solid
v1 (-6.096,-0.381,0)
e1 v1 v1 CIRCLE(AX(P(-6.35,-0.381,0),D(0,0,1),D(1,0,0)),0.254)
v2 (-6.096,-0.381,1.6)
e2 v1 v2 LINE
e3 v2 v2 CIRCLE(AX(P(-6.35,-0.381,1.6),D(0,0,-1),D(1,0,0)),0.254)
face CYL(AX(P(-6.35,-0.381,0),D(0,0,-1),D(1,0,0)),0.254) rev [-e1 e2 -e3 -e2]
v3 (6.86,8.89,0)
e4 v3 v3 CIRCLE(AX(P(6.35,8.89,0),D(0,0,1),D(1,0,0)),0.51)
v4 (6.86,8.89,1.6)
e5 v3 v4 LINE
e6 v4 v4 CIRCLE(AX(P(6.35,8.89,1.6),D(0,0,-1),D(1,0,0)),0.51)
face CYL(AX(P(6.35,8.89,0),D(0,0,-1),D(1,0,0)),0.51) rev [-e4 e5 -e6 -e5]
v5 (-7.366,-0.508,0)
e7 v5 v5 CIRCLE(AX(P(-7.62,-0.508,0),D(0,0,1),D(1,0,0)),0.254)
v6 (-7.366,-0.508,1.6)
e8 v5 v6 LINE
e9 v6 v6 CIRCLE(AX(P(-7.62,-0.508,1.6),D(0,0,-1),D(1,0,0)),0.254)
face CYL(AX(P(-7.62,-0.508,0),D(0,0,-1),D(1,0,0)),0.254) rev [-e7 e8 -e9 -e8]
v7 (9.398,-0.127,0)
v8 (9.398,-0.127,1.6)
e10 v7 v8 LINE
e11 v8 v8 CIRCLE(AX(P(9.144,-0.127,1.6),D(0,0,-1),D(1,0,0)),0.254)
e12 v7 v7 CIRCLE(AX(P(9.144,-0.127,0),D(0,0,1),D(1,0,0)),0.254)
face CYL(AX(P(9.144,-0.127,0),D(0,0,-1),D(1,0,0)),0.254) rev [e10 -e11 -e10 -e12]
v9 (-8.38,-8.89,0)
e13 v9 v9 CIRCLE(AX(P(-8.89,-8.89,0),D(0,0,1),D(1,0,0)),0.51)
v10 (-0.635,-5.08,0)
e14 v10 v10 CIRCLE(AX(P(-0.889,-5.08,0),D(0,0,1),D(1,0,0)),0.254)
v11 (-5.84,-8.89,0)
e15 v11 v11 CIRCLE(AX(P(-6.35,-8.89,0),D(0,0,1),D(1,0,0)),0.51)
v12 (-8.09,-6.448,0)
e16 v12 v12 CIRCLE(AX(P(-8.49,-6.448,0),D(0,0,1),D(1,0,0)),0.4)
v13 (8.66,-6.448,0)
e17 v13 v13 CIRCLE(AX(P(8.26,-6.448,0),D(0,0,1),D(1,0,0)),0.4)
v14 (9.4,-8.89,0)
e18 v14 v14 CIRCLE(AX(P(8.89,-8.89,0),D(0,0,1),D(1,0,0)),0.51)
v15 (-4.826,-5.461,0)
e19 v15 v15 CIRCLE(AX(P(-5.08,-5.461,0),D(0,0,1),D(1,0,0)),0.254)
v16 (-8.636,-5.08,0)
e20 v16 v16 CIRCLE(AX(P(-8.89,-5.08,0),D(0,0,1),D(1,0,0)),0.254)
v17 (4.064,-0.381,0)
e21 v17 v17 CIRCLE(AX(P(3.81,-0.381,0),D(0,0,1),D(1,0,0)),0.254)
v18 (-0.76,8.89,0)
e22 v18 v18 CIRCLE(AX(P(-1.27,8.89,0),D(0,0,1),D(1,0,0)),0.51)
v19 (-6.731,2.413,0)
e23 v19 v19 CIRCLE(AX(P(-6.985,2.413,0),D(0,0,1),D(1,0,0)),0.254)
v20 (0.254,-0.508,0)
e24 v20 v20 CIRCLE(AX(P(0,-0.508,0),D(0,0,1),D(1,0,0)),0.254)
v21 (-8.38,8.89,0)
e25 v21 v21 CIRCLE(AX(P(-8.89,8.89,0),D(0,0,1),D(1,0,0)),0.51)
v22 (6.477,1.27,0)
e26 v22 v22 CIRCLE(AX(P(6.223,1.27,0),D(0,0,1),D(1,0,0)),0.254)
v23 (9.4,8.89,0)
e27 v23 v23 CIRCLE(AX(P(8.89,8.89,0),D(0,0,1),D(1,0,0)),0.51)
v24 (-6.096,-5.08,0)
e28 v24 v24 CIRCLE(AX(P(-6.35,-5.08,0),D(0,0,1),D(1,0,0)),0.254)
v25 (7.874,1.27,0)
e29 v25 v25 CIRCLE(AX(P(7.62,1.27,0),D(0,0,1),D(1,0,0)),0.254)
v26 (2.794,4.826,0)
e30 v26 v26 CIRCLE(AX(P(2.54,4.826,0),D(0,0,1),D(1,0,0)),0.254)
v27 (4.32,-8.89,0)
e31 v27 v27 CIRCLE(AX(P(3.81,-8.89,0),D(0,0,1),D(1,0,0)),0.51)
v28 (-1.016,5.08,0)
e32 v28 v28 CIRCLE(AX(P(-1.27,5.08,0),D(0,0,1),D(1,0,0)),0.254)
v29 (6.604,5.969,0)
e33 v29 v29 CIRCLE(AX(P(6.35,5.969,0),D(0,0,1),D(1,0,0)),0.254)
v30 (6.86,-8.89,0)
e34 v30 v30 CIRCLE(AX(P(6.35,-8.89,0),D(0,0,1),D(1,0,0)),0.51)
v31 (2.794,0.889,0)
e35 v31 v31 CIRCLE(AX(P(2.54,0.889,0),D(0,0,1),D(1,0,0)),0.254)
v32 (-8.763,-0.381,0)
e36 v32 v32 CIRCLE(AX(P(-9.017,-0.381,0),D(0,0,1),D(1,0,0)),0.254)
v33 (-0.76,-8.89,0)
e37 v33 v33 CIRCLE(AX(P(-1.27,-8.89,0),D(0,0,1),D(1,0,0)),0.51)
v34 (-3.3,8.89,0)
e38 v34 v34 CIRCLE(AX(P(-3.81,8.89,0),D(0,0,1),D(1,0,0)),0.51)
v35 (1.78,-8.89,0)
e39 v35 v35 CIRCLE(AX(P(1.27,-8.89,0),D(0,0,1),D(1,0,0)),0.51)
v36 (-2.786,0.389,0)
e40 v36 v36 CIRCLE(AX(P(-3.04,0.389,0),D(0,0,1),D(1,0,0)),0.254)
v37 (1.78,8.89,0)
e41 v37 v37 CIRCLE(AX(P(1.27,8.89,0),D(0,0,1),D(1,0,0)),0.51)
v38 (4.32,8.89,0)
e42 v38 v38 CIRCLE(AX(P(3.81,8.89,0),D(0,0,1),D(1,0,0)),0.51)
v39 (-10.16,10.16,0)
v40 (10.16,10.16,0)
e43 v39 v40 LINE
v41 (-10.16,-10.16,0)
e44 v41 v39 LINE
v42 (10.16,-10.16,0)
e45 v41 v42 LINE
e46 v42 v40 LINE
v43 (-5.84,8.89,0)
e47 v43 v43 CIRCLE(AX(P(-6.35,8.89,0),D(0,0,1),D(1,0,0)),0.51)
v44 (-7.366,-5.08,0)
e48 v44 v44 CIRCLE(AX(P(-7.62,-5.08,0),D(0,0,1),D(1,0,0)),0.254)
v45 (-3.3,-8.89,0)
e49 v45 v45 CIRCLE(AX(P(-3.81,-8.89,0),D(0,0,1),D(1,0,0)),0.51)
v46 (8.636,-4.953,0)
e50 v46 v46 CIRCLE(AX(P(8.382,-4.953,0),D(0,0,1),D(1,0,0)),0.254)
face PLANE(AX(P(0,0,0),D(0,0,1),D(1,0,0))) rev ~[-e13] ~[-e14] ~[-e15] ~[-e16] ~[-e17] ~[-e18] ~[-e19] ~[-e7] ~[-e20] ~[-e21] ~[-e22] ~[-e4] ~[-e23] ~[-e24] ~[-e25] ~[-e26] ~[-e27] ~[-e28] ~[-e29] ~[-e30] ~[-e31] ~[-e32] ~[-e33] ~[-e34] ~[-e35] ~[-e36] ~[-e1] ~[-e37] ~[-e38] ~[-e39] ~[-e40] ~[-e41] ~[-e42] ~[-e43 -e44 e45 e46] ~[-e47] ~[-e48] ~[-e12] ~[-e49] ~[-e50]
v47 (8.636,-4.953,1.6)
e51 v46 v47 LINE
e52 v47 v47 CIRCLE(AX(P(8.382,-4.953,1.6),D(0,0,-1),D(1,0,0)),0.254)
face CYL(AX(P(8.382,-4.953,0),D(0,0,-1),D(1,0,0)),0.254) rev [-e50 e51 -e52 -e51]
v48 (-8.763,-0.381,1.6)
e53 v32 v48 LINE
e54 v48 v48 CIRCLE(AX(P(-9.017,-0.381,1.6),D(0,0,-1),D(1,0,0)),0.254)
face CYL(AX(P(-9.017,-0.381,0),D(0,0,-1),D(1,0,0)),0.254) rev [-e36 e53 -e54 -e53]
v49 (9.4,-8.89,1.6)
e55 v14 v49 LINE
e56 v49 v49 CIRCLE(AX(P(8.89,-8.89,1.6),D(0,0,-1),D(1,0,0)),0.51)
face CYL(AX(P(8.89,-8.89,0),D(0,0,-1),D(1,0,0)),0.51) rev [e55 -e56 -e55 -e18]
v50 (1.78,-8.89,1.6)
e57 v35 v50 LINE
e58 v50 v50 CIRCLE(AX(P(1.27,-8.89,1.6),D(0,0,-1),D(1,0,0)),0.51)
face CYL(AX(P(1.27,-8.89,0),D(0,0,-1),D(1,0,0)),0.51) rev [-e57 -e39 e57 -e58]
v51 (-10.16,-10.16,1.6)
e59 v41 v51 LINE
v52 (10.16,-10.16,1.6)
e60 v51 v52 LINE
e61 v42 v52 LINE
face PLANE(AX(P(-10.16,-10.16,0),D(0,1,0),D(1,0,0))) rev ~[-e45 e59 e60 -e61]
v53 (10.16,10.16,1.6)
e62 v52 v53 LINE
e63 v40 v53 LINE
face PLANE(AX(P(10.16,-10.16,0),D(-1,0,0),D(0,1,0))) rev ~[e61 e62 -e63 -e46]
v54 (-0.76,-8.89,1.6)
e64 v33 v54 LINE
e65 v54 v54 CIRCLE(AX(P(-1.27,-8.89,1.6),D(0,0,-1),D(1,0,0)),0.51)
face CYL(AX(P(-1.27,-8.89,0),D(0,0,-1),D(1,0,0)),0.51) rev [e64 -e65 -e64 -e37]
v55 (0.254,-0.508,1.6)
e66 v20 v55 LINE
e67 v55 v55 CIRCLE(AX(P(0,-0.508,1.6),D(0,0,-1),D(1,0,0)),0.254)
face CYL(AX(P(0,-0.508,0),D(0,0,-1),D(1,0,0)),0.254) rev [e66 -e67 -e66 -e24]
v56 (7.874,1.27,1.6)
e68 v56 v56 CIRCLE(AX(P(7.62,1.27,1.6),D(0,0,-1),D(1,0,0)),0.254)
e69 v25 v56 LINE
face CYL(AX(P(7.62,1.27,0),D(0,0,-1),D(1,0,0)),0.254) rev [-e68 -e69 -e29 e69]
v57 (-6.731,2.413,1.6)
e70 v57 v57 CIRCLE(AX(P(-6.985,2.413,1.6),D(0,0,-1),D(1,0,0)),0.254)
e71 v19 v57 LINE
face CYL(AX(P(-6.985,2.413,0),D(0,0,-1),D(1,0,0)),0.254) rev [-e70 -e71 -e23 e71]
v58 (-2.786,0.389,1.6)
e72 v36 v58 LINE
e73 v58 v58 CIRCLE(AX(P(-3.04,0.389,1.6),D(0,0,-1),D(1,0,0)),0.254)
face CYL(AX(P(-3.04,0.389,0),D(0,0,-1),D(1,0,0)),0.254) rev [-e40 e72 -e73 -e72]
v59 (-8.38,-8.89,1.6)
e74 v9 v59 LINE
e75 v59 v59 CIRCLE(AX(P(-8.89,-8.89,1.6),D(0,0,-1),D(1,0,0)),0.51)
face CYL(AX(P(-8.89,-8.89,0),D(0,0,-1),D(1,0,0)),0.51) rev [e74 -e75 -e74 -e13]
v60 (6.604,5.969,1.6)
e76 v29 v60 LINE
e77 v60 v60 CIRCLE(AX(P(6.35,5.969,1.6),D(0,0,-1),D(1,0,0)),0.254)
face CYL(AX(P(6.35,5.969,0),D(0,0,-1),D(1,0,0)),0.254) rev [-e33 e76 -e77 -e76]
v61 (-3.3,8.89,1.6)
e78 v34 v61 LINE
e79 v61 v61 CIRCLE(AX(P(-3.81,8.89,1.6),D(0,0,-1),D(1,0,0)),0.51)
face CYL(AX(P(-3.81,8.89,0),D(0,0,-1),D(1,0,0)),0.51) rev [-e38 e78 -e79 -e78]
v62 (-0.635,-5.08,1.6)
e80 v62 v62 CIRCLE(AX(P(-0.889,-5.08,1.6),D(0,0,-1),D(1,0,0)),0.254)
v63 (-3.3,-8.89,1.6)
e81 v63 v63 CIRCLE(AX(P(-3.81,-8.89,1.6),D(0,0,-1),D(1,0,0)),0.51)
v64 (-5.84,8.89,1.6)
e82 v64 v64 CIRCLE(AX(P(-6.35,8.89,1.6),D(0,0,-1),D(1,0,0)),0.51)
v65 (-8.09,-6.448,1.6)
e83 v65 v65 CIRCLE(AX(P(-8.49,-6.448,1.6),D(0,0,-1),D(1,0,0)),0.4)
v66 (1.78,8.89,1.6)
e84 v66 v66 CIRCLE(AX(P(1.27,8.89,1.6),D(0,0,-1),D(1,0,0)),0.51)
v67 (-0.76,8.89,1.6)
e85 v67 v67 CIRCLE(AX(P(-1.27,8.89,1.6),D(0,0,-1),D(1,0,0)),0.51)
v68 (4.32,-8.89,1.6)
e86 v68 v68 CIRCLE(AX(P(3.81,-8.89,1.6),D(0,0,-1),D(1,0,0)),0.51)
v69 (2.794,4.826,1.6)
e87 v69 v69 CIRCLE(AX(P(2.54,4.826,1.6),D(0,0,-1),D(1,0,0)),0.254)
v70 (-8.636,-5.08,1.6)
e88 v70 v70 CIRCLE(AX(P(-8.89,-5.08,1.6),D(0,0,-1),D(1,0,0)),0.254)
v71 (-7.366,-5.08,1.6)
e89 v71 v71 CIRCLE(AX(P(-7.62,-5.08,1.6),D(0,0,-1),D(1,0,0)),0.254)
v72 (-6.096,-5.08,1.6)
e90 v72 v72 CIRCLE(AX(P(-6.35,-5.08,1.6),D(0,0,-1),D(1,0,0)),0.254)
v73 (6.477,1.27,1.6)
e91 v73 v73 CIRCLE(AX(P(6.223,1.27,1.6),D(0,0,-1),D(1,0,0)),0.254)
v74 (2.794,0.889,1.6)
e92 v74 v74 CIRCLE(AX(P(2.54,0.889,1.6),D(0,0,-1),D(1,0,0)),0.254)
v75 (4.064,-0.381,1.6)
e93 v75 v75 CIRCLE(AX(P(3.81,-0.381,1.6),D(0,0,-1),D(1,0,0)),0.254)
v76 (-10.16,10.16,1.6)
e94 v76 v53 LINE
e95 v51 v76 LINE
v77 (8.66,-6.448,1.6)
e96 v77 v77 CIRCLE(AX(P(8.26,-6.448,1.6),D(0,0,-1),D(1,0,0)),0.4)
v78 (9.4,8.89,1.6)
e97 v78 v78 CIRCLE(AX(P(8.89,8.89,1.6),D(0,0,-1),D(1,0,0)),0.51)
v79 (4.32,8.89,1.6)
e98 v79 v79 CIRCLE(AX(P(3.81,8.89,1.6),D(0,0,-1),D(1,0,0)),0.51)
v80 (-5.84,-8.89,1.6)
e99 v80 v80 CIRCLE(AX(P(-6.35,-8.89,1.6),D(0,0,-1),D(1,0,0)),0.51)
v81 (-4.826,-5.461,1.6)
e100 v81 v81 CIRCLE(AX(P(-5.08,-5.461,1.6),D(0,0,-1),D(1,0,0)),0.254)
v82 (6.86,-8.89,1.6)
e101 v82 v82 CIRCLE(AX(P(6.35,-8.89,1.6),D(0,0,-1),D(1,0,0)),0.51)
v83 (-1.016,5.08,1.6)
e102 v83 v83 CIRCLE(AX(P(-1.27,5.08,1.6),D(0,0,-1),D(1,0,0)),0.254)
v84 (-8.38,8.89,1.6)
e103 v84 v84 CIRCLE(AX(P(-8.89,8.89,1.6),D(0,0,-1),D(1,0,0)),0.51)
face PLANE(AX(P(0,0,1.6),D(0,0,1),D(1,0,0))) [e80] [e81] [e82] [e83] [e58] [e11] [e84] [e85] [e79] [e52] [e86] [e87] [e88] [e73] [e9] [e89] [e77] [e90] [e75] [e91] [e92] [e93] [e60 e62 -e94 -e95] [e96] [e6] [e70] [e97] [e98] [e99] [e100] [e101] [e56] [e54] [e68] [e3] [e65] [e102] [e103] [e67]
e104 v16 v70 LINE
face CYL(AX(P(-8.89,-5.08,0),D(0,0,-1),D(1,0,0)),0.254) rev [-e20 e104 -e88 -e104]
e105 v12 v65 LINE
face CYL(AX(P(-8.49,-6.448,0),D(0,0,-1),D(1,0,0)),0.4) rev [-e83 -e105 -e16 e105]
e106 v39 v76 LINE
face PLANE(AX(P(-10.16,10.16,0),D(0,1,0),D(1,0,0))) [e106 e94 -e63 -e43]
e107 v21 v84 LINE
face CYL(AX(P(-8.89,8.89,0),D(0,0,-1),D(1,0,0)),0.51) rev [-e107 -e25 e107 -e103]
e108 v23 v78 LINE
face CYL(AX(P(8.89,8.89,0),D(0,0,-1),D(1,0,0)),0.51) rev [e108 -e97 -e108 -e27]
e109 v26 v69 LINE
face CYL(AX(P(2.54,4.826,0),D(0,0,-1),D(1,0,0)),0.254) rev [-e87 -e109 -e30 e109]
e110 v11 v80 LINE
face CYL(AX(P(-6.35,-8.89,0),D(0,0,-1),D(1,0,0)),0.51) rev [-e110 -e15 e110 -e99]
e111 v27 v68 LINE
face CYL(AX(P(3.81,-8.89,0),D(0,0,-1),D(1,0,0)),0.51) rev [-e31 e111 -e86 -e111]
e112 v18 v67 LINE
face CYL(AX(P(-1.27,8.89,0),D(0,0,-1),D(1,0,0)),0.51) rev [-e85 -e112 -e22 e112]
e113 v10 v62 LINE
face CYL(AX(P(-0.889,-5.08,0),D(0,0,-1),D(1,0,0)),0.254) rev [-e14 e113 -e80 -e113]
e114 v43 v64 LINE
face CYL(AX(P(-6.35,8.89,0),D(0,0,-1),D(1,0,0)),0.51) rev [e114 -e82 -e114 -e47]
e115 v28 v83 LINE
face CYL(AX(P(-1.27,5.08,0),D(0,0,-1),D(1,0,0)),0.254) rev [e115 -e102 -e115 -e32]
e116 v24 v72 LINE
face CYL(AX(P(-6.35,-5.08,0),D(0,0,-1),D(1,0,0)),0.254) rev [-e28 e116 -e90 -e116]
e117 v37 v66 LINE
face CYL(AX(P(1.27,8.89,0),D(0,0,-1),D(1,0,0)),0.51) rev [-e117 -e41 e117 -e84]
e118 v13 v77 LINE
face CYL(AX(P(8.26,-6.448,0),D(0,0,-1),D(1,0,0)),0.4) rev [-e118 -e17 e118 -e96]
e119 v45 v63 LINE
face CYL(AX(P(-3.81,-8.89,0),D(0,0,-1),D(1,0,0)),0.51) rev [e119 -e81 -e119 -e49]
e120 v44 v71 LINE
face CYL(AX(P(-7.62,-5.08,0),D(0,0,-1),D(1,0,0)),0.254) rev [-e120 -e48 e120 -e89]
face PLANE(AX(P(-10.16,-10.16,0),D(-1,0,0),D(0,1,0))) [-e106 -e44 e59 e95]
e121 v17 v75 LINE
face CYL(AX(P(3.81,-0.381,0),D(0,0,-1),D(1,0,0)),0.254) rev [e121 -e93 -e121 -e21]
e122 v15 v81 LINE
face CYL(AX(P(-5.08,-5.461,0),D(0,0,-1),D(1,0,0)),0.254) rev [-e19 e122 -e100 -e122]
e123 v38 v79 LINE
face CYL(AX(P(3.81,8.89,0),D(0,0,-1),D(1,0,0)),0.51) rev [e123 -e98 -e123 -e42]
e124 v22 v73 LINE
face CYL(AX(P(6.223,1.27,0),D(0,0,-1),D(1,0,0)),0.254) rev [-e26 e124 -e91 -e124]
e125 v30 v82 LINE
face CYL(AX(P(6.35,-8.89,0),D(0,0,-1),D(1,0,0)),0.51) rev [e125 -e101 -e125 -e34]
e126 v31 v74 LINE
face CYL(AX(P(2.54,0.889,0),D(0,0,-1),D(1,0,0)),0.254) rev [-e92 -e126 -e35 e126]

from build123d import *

# Parameters (mm, degrees)
SKETCH1_W           = 20.32
SKETCH1_H           = 20.32
BOARD_OUTLINE_DEPTH = 1.6
SKETCH2_R           = 0.4
SKETCH2_R_2         = 0.254
NPTH_DEPTH          = 15.45721965
SKETCH3_R           = 0.51
PTH_DEPTH           = 15.45721965


with BuildPart() as part:
    # Sketch1 → Board_Outline (new body)
    with BuildSketch(Plane.XY):
        Rectangle(SKETCH1_W, SKETCH1_H)
    extrude(amount=BOARD_OUTLINE_DEPTH)

    # Sketch2 → NPTH (cut, through all)
    with BuildSketch(Plane.XY):
        with Locations((8.26, -6.448)):
            Circle(SKETCH2_R)
        with Locations((-8.49, -6.448)):
            Circle(SKETCH2_R)
        with Locations((-6.985, 2.413)):
            Circle(SKETCH2_R_2)
        with Locations((-3.04, 0.389)):
            Circle(SKETCH2_R_2)
        with Locations((-6.35, -0.381)):
            Circle(SKETCH2_R_2)
        with Locations((-7.62, -5.08)):
            Circle(SKETCH2_R_2)
        with Locations((-7.62, -0.508)):
            Circle(SKETCH2_R_2)
        with Locations((-8.89, -5.08)):
            Circle(SKETCH2_R_2)
        with Locations((0, -0.508)):
            Circle(SKETCH2_R_2)
        with Locations((2.54, 4.826)):
            Circle(SKETCH2_R_2)
        with Locations((2.54, 0.889)):
            Circle(SKETCH2_R_2)
        with Locations((-1.27, 5.08)):
            Circle(SKETCH2_R_2)
        with Locations((-5.08, -5.461)):
            Circle(SKETCH2_R_2)
        with Locations((8.382, -4.953)):
            Circle(SKETCH2_R_2)
        with Locations((-9.017, -0.381)):
            Circle(SKETCH2_R_2)
        with Locations((9.144, -0.127)):
            Circle(SKETCH2_R_2)
        with Locations((3.81, -0.381)):
            Circle(SKETCH2_R_2)
        with Locations((-6.35, -5.08)):
            Circle(SKETCH2_R_2)
        with Locations((7.62, 1.27)):
            Circle(SKETCH2_R_2)
        with Locations((6.223, 1.27)):
            Circle(SKETCH2_R_2)
        with Locations((6.35, 5.969)):
            Circle(SKETCH2_R_2)
        with Locations((-0.889, -5.08)):
            Circle(SKETCH2_R_2)
    extrude(amount=NPTH_DEPTH, mode=Mode.SUBTRACT)

    # Sketch3 → PTH (cut, through all)
    with BuildSketch(Plane.XY):
        with Locations((8.89, 8.89)):
            Circle(SKETCH3_R)
        with Locations((6.35, 8.89)):
            Circle(SKETCH3_R)
        with Locations((3.81, 8.89)):
            Circle(SKETCH3_R)
        with Locations((1.27, 8.89)):
            Circle(SKETCH3_R)
        with Locations((-1.27, 8.89)):
            Circle(SKETCH3_R)
        with Locations((-3.81, 8.89)):
            Circle(SKETCH3_R)
        with Locations((-6.35, 8.89)):
            Circle(SKETCH3_R)
        with Locations((-8.89, 8.89)):
            Circle(SKETCH3_R)
        with Locations((-8.89, -8.89)):
            Circle(SKETCH3_R)
        with Locations((-6.35, -8.89)):
            Circle(SKETCH3_R)
        with Locations((-3.81, -8.89)):
            Circle(SKETCH3_R)
        with Locations((-1.27, -8.89)):
            Circle(SKETCH3_R)
        with Locations((1.27, -8.89)):
            Circle(SKETCH3_R)
        with Locations((3.81, -8.89)):
            Circle(SKETCH3_R)
        with Locations((6.35, -8.89)):
            Circle(SKETCH3_R)
        with Locations((8.89, -8.89)):
            Circle(SKETCH3_R)
    extrude(amount=PTH_DEPTH, mode=Mode.SUBTRACT)


solid = part.part
